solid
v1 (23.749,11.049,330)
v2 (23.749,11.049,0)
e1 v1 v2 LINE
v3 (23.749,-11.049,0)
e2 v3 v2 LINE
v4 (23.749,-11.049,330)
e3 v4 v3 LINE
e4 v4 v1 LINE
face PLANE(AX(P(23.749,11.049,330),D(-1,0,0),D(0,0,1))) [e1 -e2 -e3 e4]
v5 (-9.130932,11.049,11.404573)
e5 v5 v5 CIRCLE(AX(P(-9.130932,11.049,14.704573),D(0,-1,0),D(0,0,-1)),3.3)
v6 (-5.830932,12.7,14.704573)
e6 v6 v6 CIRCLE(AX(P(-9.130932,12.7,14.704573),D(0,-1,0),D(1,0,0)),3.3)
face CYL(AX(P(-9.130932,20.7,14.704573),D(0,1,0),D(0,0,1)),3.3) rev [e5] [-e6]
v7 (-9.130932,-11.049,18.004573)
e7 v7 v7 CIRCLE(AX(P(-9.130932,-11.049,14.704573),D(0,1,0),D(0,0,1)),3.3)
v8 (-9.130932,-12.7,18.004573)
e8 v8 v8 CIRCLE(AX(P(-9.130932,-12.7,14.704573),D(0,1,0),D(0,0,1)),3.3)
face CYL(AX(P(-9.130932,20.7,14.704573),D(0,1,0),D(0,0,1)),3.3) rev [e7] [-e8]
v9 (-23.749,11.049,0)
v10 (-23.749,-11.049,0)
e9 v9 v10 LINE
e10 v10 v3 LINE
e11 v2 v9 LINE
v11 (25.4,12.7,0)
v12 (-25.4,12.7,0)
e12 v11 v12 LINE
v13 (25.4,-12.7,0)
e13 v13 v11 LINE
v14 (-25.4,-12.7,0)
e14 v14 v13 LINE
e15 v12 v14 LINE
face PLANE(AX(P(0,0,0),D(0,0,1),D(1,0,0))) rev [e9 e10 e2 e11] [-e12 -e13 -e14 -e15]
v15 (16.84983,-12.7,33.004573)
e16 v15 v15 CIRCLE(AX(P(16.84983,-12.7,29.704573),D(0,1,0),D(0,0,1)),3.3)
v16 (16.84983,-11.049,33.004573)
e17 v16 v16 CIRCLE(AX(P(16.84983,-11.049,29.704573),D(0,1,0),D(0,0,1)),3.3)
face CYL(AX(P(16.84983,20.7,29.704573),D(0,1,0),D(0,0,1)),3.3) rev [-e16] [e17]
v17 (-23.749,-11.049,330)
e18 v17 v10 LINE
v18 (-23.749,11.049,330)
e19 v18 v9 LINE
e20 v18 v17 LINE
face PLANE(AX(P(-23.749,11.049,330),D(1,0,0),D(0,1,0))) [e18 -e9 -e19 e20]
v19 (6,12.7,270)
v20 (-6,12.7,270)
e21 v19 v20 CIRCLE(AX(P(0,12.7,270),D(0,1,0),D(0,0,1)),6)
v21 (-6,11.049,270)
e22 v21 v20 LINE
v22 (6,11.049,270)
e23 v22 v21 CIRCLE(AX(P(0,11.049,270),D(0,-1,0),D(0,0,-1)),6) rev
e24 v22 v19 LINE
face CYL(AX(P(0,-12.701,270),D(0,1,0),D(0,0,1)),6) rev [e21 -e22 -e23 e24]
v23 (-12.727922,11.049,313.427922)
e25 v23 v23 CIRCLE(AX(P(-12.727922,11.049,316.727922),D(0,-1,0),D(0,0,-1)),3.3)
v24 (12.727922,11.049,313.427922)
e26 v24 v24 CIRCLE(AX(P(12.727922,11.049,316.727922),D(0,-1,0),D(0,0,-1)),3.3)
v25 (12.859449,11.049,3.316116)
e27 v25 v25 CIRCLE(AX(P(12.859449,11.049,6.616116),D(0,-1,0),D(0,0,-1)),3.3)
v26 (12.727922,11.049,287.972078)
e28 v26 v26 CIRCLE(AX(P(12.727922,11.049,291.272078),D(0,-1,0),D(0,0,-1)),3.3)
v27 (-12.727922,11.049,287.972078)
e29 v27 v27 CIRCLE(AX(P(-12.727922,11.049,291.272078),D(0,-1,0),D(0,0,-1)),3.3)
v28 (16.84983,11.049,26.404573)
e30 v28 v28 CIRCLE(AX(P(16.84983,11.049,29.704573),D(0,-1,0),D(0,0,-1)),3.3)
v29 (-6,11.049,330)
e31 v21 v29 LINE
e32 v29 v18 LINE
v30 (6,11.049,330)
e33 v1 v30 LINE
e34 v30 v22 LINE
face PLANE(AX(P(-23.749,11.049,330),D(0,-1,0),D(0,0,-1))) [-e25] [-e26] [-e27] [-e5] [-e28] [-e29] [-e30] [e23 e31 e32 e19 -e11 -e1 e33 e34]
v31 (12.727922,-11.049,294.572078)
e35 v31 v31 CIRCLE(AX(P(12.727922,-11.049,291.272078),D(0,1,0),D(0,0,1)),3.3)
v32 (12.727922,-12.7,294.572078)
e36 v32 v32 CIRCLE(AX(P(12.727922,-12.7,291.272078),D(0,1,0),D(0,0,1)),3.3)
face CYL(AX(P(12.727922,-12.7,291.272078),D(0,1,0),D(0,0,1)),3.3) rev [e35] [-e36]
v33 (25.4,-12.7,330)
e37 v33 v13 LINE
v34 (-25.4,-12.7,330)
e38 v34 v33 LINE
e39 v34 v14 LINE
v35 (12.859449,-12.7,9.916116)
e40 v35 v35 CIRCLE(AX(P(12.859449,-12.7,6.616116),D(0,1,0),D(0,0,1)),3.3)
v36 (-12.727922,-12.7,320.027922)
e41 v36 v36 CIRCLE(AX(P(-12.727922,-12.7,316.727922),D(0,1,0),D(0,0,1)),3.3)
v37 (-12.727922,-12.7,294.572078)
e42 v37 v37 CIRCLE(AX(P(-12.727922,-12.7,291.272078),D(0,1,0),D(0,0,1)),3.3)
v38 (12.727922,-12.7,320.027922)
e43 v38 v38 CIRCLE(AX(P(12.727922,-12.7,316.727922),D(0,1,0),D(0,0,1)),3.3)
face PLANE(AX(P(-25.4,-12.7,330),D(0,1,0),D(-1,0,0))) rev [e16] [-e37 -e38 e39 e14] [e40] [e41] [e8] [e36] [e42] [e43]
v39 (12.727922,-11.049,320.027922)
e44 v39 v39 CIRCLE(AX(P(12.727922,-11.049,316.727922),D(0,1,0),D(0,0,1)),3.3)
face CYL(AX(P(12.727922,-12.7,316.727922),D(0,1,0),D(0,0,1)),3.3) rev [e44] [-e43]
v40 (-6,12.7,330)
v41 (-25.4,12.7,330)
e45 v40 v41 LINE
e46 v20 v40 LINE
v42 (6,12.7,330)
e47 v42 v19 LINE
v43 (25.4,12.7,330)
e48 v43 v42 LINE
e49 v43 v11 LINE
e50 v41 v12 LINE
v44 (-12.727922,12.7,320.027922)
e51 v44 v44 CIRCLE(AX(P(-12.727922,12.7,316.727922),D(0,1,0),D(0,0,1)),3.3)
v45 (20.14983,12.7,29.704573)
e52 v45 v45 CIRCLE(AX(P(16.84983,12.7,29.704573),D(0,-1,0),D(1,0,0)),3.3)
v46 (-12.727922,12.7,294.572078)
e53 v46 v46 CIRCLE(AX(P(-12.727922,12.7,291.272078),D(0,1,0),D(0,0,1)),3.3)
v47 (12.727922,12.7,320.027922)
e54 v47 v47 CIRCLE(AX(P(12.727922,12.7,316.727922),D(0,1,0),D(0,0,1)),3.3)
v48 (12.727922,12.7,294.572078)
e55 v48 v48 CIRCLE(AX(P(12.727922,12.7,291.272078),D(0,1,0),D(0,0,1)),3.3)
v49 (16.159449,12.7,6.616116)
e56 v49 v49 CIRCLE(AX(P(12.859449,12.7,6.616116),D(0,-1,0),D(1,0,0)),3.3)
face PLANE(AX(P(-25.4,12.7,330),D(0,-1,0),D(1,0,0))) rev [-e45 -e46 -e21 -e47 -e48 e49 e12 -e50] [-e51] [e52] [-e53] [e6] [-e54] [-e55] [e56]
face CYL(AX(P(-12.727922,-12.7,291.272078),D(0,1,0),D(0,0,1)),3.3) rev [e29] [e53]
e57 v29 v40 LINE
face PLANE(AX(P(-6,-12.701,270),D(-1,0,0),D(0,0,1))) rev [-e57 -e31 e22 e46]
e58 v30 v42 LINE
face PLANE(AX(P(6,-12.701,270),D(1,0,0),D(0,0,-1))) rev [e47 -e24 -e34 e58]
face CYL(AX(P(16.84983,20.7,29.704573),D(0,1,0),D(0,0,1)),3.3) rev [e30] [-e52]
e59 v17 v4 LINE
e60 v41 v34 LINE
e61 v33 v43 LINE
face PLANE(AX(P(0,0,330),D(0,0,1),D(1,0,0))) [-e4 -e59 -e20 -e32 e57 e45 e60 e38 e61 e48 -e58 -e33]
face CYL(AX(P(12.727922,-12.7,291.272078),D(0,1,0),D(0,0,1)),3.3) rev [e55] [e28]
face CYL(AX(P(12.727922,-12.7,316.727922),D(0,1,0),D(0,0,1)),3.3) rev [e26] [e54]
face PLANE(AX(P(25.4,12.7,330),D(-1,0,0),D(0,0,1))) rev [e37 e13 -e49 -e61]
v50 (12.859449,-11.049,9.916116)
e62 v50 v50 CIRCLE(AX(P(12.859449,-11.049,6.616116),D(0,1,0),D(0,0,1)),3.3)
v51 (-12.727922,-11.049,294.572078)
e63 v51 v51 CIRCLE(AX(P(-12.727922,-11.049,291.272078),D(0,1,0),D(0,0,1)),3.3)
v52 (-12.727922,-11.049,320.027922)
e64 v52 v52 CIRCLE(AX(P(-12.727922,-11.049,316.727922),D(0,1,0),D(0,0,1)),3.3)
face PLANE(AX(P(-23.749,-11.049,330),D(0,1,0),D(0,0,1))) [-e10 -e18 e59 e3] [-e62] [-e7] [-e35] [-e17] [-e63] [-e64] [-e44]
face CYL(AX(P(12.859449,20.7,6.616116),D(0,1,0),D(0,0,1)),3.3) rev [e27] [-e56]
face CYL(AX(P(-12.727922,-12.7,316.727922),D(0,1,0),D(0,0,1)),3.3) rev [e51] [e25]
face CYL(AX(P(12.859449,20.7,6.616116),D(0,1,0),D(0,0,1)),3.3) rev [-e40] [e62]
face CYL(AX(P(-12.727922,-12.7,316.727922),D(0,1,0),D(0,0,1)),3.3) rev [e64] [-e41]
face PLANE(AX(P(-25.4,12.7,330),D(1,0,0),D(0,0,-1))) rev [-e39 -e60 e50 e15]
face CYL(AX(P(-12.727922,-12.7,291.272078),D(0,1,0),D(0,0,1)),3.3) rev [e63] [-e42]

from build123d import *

# Parameters (mm, degrees)
SKETCH1_W              = 50.8
SKETCH1_H              = 25.4
SKETCH1_W_2            = 47.498
SKETCH1_H_2            = 22.098
BOSS_EXTRUDE1_DEPTH    = 330
CUT_EXTRUDE5_REACH     = 27.4
SKETCH8_R              = 3.3
CUT_EXTRUDE6_DEPTH     = 26.4
F_00_CLEARANCE_HOLE1_D = 6.600000008


with BuildPart() as part:
    # Sketch1 → Boss-Extrude1 (new body)
    with BuildSketch(Plane.XY):
        Rectangle(SKETCH1_W, SKETCH1_H)
        Rectangle(SKETCH1_W_2, SKETCH1_H_2, mode=Mode.SUBTRACT)
    extrude(amount=BOSS_EXTRUDE1_DEPTH)

    # Sketch4 → Cut-Extrude5 (cut, up to next)
    with BuildSketch(Plane(origin=(0, 12.7, 0), x_dir=(1, 0, 0), z_dir=(0, 1, 0)), mode=Mode.PRIVATE) as cut_extrude5_sk1:
        with BuildLine():
            Line((-6, -270), (-6, -330))
            Line((-6, -330), (6, -330))
            Line((6, -330), (6, -270))
            ThreePointArc((6, -270), (0, -264), (-6, -270))
        make_face()
    cut_extrude5_tool1 = extrude(cut_extrude5_sk1.sketch, amount=-CUT_EXTRUDE5_REACH, mode=Mode.PRIVATE) & part.part
    add(cut_extrude5_tool1.solids().sort_by_distance((0, 12.7, 297.629949))[0], mode=Mode.SUBTRACT)

    # Sketch8 → Cut-Extrude6 (cut, through all)
    with BuildSketch(Plane(origin=(0, 12.7, 0), x_dir=(1, 0, 0), z_dir=(0, 1, 0))):
        with BuildLine():
            ThreePointArc((-9.427922061, -316.727922061), (-9.679119604, -315.465066735), (-10.394469683, -314.394469683))
            Line((-10.394469683, -314.394469683), (-15.061374439, -319.061374439))
            ThreePointArc((-15.061374439, -319.061374439), (-11.465066735, -319.776724519), (-9.427922061, -316.727922061))
        make_face()
        with BuildLine():
            Line((-15.061374439, -319.061374439), (-10.394469683, -314.394469683))
            ThreePointArc((-10.394469683, -314.394469683), (-15.061374439, -314.394469683), (-15.061374439, -319.061374439))
        make_face()
        with Locations((-12.727922061, -291.272077939)):
            Circle(SKETCH8_R)
        with Locations((12.727922061, -291.272077939)):
            Circle(SKETCH8_R)
        with Locations((12.727922061, -316.727922061)):
            Circle(SKETCH8_R)
    extrude(amount=-CUT_EXTRUDE6_DEPTH, mode=Mode.SUBTRACT)

    # #00 Clearance Hole1 (through all)
    with Locations(Plane(origin=(-99.314776744, 20.7, -27.322532912), x_dir=(0.866025404, 0, 0.5), z_dir=(0, 1, 0))):
        with Locations((99.115053304, 8.695380774), (114.115053304, 26.695380774), (129.115053304, 8.695380774)):
            Hole(F_00_CLEARANCE_HOLE1_D / 2)


solid = part.part
